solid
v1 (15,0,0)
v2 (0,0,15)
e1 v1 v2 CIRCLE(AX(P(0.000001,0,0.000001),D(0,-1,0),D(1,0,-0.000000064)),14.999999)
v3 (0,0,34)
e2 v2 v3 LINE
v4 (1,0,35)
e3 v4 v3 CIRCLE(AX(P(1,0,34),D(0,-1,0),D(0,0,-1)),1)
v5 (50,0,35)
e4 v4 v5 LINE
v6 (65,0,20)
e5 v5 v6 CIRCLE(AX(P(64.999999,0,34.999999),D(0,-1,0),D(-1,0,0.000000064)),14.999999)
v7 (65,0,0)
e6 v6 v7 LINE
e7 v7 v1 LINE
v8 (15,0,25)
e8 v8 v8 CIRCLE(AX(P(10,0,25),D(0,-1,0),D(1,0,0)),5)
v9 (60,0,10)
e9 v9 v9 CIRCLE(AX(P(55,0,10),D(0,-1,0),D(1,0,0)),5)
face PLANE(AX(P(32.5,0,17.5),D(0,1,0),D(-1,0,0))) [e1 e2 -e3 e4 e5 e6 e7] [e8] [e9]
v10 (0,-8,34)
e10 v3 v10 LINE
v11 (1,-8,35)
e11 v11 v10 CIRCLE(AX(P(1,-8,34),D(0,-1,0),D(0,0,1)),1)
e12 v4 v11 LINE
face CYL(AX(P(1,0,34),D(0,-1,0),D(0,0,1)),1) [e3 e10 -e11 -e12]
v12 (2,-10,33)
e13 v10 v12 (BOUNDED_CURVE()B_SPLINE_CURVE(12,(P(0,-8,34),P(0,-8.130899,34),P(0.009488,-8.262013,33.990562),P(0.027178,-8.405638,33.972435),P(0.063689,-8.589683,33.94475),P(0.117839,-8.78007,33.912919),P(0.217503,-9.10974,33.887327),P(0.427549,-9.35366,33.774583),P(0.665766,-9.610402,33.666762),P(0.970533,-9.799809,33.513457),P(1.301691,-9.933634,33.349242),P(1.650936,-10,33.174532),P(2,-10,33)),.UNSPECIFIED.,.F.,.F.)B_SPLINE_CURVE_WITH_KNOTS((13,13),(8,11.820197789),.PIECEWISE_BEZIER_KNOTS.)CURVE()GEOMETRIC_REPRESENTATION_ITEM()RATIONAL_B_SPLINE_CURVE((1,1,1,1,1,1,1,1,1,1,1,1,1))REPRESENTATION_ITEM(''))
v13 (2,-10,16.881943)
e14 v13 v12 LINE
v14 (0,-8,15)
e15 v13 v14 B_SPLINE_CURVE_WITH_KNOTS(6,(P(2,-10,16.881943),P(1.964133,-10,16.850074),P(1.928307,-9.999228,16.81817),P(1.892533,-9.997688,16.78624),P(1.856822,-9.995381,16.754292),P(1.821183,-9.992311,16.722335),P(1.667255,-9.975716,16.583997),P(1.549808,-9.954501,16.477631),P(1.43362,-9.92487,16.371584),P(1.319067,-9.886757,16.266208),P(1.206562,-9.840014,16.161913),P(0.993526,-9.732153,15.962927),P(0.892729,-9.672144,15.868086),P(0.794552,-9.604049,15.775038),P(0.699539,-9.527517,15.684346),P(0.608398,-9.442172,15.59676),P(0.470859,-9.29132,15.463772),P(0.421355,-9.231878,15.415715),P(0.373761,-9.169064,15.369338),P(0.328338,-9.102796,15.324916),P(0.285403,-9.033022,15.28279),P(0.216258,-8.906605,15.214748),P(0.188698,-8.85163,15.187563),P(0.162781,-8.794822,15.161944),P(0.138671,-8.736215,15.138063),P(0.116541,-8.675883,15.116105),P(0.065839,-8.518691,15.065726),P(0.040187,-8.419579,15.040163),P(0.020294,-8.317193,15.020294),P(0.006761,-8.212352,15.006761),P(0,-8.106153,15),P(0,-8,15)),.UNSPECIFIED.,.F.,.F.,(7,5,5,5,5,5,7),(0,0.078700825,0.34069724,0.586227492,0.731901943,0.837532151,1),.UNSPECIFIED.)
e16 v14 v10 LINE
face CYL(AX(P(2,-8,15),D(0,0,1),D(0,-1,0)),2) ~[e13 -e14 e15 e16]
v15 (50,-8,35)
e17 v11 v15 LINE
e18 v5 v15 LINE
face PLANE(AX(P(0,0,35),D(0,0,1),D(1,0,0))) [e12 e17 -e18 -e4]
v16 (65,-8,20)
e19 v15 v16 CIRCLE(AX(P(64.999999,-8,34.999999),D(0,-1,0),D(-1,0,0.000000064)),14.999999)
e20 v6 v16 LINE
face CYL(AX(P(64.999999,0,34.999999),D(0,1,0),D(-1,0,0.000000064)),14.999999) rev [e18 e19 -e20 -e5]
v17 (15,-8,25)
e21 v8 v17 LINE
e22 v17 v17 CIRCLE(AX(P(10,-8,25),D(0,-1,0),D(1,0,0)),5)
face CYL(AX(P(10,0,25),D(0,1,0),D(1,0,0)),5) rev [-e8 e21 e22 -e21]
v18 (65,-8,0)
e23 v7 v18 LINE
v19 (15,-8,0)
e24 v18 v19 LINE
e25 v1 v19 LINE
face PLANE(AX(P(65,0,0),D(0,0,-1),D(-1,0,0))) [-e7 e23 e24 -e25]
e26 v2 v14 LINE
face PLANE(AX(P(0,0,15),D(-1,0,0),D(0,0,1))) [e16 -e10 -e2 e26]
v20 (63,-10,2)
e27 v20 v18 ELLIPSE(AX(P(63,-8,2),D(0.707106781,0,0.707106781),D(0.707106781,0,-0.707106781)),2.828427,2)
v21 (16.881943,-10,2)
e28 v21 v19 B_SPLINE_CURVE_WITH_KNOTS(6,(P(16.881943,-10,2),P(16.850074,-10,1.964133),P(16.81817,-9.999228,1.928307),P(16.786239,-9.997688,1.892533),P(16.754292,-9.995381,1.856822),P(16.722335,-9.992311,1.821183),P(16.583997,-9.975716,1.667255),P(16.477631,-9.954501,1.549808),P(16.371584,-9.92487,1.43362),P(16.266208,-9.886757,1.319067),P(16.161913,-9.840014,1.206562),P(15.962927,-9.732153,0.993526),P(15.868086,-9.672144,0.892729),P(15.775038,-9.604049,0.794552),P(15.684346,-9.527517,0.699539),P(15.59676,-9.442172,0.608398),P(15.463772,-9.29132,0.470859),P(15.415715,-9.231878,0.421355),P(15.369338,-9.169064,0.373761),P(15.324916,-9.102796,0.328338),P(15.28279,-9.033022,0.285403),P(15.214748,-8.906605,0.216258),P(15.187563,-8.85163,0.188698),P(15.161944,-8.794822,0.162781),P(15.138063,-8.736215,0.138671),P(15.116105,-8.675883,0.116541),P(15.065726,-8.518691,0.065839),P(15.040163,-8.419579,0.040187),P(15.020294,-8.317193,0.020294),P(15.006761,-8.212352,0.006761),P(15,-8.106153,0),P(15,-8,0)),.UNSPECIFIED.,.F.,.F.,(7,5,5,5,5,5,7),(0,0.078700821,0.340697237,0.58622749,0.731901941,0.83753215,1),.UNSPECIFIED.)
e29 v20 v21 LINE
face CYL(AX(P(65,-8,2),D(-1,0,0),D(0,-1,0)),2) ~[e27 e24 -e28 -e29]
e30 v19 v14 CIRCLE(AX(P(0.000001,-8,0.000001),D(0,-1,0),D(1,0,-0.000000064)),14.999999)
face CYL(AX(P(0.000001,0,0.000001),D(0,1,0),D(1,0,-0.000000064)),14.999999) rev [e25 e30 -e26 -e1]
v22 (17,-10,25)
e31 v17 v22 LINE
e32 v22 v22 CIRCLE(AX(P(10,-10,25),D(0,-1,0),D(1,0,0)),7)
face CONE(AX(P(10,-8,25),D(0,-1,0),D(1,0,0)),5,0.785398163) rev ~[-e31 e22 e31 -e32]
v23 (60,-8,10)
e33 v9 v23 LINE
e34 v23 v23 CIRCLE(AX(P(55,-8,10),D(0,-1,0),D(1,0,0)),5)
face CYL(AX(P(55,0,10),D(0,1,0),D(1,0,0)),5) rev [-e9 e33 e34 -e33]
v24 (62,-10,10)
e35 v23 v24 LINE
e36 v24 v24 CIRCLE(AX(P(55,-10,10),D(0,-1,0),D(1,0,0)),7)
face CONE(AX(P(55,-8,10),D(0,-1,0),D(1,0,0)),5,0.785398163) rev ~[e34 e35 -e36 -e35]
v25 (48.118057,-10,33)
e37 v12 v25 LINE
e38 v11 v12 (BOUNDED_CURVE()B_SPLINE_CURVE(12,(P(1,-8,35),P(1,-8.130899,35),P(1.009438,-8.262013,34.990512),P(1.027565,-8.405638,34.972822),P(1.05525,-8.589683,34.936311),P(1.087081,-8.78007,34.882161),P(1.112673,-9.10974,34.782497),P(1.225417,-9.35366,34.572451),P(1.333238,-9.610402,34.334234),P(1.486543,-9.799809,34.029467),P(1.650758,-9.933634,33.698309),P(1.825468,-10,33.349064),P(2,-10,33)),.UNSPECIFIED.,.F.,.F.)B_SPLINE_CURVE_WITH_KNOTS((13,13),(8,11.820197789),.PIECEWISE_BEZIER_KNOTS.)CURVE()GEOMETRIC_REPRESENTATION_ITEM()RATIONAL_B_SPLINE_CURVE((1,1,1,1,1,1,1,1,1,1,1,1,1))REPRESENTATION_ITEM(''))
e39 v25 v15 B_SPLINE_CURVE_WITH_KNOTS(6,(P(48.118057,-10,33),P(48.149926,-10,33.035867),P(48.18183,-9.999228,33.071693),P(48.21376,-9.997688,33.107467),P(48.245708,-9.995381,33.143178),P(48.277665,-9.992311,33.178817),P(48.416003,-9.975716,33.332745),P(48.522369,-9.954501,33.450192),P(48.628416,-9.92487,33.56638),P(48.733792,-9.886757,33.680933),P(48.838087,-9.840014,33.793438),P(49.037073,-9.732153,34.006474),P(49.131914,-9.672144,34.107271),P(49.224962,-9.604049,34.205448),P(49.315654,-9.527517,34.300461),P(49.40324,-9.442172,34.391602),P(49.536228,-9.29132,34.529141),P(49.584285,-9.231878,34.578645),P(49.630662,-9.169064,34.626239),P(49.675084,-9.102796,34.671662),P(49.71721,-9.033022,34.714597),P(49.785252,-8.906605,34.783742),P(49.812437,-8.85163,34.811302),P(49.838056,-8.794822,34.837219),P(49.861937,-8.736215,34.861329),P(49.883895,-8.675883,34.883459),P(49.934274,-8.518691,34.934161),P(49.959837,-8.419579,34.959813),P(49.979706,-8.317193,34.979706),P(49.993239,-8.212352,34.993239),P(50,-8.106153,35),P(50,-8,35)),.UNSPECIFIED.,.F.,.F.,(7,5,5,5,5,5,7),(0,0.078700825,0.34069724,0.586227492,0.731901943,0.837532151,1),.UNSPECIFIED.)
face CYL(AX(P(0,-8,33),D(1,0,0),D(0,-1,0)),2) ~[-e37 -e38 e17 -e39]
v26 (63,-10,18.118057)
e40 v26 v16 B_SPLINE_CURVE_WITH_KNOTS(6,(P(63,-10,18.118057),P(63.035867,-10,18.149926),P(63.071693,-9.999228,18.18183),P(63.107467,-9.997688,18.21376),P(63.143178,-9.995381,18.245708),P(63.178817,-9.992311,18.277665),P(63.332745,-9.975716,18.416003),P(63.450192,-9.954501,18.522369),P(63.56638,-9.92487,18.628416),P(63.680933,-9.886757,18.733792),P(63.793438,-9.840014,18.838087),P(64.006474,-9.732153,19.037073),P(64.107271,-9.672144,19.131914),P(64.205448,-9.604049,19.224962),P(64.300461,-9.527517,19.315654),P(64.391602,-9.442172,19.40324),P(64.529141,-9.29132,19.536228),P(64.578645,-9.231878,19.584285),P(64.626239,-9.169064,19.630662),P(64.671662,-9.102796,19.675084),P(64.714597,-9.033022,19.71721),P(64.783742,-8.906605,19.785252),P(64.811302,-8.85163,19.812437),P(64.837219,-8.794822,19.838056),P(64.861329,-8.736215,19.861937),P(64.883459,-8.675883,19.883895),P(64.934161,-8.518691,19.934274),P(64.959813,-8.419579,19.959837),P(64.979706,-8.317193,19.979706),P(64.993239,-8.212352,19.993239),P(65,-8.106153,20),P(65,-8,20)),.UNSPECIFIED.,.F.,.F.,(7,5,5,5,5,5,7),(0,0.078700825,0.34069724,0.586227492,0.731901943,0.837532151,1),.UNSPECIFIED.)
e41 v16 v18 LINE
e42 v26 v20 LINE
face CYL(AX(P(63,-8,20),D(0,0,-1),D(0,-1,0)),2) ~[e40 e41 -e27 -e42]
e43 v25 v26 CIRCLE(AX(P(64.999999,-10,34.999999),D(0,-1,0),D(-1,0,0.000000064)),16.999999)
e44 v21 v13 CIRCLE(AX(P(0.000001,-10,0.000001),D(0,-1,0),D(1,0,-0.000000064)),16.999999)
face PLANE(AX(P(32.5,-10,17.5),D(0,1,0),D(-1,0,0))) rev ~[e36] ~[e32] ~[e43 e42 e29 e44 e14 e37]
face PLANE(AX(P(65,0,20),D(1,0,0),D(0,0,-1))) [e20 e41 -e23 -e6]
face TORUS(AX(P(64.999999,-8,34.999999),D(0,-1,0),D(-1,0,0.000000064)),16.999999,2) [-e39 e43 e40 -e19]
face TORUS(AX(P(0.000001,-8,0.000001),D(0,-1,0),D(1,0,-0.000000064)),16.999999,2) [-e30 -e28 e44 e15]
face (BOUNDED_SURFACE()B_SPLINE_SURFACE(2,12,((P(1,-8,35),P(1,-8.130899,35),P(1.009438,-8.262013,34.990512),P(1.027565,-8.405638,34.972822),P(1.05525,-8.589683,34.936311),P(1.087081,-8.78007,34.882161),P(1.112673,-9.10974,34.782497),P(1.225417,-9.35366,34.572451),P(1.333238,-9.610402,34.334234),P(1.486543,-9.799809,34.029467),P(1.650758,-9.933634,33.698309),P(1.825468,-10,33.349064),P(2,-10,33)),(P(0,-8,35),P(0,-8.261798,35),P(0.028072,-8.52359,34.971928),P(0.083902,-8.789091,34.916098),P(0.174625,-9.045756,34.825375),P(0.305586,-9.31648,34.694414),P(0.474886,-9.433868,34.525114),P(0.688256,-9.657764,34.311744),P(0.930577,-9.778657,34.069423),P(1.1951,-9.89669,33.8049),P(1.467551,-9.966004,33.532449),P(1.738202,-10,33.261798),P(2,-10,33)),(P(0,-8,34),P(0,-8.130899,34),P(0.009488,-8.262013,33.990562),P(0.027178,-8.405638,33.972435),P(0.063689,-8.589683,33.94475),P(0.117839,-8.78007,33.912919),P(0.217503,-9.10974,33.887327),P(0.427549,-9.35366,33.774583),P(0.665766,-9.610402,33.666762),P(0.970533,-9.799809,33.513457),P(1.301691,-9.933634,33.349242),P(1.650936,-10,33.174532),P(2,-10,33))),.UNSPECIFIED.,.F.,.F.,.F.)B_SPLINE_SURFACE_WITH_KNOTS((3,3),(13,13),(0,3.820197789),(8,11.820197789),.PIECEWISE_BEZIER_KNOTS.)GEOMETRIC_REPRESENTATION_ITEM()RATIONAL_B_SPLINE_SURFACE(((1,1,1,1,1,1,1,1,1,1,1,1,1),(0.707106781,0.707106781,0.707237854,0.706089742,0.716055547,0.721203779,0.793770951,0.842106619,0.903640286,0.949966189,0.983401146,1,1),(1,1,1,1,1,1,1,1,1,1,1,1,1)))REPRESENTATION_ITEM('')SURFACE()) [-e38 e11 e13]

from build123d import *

# Parameters (mm, degrees)
SKETCH_R     = 5
PAD_DEPTH    = 10
CHAMFER_SIZE = 2
FILLET_R     = 2
FILLET001_R  = 1


with BuildPart() as part:
    # Sketch → Pad (new body)
    with BuildSketch(Plane.XZ):
        with BuildLine():
            Line((0, 35), (50, 35))
            ThreePointArc((50, 35), (54.393398, 24.393398), (65, 20))
            Line((65, 20), (65, 0))
            Line((65, 0), (15, 0))
            ThreePointArc((15, 0), (10.606602, 10.606602), (0, 15))
            Line((0, 15), (0, 35))
        make_face()
        with Locations((10, 25)):
            Circle(SKETCH_R, mode=Mode.SUBTRACT)
        with Locations((55, 10)):
            Circle(SKETCH_R, mode=Mode.SUBTRACT)
    extrude(amount=PAD_DEPTH)

    # Chamfer
    chamfer_edges = [part.edges().sort_by_distance(p)[0] for p in [
        (5, -10, 25),
        (50, -10, 10),
    ]]
    chamfer(chamfer_edges, length=CHAMFER_SIZE)

    # Fillet
    fillet_edges = [part.edges().sort_by_distance(p)[0] for p in [
        (65, -10, 10),
        (40, -10, 0),
        (0, -10, 25),
        (25, -10, 35),
        (54.393398, -10, 24.393398),
        (10.606602, -10, 10.606602),
    ]]
    fillet(fillet_edges, radius=FILLET_R)

    # Fillet001
    fillet001_edges = [part.edges().sort_by_distance(p)[0] for p in [
        (0, -4, 35),
    ]]
    fillet(fillet001_edges, radius=FILLET001_R)


solid = part.part
